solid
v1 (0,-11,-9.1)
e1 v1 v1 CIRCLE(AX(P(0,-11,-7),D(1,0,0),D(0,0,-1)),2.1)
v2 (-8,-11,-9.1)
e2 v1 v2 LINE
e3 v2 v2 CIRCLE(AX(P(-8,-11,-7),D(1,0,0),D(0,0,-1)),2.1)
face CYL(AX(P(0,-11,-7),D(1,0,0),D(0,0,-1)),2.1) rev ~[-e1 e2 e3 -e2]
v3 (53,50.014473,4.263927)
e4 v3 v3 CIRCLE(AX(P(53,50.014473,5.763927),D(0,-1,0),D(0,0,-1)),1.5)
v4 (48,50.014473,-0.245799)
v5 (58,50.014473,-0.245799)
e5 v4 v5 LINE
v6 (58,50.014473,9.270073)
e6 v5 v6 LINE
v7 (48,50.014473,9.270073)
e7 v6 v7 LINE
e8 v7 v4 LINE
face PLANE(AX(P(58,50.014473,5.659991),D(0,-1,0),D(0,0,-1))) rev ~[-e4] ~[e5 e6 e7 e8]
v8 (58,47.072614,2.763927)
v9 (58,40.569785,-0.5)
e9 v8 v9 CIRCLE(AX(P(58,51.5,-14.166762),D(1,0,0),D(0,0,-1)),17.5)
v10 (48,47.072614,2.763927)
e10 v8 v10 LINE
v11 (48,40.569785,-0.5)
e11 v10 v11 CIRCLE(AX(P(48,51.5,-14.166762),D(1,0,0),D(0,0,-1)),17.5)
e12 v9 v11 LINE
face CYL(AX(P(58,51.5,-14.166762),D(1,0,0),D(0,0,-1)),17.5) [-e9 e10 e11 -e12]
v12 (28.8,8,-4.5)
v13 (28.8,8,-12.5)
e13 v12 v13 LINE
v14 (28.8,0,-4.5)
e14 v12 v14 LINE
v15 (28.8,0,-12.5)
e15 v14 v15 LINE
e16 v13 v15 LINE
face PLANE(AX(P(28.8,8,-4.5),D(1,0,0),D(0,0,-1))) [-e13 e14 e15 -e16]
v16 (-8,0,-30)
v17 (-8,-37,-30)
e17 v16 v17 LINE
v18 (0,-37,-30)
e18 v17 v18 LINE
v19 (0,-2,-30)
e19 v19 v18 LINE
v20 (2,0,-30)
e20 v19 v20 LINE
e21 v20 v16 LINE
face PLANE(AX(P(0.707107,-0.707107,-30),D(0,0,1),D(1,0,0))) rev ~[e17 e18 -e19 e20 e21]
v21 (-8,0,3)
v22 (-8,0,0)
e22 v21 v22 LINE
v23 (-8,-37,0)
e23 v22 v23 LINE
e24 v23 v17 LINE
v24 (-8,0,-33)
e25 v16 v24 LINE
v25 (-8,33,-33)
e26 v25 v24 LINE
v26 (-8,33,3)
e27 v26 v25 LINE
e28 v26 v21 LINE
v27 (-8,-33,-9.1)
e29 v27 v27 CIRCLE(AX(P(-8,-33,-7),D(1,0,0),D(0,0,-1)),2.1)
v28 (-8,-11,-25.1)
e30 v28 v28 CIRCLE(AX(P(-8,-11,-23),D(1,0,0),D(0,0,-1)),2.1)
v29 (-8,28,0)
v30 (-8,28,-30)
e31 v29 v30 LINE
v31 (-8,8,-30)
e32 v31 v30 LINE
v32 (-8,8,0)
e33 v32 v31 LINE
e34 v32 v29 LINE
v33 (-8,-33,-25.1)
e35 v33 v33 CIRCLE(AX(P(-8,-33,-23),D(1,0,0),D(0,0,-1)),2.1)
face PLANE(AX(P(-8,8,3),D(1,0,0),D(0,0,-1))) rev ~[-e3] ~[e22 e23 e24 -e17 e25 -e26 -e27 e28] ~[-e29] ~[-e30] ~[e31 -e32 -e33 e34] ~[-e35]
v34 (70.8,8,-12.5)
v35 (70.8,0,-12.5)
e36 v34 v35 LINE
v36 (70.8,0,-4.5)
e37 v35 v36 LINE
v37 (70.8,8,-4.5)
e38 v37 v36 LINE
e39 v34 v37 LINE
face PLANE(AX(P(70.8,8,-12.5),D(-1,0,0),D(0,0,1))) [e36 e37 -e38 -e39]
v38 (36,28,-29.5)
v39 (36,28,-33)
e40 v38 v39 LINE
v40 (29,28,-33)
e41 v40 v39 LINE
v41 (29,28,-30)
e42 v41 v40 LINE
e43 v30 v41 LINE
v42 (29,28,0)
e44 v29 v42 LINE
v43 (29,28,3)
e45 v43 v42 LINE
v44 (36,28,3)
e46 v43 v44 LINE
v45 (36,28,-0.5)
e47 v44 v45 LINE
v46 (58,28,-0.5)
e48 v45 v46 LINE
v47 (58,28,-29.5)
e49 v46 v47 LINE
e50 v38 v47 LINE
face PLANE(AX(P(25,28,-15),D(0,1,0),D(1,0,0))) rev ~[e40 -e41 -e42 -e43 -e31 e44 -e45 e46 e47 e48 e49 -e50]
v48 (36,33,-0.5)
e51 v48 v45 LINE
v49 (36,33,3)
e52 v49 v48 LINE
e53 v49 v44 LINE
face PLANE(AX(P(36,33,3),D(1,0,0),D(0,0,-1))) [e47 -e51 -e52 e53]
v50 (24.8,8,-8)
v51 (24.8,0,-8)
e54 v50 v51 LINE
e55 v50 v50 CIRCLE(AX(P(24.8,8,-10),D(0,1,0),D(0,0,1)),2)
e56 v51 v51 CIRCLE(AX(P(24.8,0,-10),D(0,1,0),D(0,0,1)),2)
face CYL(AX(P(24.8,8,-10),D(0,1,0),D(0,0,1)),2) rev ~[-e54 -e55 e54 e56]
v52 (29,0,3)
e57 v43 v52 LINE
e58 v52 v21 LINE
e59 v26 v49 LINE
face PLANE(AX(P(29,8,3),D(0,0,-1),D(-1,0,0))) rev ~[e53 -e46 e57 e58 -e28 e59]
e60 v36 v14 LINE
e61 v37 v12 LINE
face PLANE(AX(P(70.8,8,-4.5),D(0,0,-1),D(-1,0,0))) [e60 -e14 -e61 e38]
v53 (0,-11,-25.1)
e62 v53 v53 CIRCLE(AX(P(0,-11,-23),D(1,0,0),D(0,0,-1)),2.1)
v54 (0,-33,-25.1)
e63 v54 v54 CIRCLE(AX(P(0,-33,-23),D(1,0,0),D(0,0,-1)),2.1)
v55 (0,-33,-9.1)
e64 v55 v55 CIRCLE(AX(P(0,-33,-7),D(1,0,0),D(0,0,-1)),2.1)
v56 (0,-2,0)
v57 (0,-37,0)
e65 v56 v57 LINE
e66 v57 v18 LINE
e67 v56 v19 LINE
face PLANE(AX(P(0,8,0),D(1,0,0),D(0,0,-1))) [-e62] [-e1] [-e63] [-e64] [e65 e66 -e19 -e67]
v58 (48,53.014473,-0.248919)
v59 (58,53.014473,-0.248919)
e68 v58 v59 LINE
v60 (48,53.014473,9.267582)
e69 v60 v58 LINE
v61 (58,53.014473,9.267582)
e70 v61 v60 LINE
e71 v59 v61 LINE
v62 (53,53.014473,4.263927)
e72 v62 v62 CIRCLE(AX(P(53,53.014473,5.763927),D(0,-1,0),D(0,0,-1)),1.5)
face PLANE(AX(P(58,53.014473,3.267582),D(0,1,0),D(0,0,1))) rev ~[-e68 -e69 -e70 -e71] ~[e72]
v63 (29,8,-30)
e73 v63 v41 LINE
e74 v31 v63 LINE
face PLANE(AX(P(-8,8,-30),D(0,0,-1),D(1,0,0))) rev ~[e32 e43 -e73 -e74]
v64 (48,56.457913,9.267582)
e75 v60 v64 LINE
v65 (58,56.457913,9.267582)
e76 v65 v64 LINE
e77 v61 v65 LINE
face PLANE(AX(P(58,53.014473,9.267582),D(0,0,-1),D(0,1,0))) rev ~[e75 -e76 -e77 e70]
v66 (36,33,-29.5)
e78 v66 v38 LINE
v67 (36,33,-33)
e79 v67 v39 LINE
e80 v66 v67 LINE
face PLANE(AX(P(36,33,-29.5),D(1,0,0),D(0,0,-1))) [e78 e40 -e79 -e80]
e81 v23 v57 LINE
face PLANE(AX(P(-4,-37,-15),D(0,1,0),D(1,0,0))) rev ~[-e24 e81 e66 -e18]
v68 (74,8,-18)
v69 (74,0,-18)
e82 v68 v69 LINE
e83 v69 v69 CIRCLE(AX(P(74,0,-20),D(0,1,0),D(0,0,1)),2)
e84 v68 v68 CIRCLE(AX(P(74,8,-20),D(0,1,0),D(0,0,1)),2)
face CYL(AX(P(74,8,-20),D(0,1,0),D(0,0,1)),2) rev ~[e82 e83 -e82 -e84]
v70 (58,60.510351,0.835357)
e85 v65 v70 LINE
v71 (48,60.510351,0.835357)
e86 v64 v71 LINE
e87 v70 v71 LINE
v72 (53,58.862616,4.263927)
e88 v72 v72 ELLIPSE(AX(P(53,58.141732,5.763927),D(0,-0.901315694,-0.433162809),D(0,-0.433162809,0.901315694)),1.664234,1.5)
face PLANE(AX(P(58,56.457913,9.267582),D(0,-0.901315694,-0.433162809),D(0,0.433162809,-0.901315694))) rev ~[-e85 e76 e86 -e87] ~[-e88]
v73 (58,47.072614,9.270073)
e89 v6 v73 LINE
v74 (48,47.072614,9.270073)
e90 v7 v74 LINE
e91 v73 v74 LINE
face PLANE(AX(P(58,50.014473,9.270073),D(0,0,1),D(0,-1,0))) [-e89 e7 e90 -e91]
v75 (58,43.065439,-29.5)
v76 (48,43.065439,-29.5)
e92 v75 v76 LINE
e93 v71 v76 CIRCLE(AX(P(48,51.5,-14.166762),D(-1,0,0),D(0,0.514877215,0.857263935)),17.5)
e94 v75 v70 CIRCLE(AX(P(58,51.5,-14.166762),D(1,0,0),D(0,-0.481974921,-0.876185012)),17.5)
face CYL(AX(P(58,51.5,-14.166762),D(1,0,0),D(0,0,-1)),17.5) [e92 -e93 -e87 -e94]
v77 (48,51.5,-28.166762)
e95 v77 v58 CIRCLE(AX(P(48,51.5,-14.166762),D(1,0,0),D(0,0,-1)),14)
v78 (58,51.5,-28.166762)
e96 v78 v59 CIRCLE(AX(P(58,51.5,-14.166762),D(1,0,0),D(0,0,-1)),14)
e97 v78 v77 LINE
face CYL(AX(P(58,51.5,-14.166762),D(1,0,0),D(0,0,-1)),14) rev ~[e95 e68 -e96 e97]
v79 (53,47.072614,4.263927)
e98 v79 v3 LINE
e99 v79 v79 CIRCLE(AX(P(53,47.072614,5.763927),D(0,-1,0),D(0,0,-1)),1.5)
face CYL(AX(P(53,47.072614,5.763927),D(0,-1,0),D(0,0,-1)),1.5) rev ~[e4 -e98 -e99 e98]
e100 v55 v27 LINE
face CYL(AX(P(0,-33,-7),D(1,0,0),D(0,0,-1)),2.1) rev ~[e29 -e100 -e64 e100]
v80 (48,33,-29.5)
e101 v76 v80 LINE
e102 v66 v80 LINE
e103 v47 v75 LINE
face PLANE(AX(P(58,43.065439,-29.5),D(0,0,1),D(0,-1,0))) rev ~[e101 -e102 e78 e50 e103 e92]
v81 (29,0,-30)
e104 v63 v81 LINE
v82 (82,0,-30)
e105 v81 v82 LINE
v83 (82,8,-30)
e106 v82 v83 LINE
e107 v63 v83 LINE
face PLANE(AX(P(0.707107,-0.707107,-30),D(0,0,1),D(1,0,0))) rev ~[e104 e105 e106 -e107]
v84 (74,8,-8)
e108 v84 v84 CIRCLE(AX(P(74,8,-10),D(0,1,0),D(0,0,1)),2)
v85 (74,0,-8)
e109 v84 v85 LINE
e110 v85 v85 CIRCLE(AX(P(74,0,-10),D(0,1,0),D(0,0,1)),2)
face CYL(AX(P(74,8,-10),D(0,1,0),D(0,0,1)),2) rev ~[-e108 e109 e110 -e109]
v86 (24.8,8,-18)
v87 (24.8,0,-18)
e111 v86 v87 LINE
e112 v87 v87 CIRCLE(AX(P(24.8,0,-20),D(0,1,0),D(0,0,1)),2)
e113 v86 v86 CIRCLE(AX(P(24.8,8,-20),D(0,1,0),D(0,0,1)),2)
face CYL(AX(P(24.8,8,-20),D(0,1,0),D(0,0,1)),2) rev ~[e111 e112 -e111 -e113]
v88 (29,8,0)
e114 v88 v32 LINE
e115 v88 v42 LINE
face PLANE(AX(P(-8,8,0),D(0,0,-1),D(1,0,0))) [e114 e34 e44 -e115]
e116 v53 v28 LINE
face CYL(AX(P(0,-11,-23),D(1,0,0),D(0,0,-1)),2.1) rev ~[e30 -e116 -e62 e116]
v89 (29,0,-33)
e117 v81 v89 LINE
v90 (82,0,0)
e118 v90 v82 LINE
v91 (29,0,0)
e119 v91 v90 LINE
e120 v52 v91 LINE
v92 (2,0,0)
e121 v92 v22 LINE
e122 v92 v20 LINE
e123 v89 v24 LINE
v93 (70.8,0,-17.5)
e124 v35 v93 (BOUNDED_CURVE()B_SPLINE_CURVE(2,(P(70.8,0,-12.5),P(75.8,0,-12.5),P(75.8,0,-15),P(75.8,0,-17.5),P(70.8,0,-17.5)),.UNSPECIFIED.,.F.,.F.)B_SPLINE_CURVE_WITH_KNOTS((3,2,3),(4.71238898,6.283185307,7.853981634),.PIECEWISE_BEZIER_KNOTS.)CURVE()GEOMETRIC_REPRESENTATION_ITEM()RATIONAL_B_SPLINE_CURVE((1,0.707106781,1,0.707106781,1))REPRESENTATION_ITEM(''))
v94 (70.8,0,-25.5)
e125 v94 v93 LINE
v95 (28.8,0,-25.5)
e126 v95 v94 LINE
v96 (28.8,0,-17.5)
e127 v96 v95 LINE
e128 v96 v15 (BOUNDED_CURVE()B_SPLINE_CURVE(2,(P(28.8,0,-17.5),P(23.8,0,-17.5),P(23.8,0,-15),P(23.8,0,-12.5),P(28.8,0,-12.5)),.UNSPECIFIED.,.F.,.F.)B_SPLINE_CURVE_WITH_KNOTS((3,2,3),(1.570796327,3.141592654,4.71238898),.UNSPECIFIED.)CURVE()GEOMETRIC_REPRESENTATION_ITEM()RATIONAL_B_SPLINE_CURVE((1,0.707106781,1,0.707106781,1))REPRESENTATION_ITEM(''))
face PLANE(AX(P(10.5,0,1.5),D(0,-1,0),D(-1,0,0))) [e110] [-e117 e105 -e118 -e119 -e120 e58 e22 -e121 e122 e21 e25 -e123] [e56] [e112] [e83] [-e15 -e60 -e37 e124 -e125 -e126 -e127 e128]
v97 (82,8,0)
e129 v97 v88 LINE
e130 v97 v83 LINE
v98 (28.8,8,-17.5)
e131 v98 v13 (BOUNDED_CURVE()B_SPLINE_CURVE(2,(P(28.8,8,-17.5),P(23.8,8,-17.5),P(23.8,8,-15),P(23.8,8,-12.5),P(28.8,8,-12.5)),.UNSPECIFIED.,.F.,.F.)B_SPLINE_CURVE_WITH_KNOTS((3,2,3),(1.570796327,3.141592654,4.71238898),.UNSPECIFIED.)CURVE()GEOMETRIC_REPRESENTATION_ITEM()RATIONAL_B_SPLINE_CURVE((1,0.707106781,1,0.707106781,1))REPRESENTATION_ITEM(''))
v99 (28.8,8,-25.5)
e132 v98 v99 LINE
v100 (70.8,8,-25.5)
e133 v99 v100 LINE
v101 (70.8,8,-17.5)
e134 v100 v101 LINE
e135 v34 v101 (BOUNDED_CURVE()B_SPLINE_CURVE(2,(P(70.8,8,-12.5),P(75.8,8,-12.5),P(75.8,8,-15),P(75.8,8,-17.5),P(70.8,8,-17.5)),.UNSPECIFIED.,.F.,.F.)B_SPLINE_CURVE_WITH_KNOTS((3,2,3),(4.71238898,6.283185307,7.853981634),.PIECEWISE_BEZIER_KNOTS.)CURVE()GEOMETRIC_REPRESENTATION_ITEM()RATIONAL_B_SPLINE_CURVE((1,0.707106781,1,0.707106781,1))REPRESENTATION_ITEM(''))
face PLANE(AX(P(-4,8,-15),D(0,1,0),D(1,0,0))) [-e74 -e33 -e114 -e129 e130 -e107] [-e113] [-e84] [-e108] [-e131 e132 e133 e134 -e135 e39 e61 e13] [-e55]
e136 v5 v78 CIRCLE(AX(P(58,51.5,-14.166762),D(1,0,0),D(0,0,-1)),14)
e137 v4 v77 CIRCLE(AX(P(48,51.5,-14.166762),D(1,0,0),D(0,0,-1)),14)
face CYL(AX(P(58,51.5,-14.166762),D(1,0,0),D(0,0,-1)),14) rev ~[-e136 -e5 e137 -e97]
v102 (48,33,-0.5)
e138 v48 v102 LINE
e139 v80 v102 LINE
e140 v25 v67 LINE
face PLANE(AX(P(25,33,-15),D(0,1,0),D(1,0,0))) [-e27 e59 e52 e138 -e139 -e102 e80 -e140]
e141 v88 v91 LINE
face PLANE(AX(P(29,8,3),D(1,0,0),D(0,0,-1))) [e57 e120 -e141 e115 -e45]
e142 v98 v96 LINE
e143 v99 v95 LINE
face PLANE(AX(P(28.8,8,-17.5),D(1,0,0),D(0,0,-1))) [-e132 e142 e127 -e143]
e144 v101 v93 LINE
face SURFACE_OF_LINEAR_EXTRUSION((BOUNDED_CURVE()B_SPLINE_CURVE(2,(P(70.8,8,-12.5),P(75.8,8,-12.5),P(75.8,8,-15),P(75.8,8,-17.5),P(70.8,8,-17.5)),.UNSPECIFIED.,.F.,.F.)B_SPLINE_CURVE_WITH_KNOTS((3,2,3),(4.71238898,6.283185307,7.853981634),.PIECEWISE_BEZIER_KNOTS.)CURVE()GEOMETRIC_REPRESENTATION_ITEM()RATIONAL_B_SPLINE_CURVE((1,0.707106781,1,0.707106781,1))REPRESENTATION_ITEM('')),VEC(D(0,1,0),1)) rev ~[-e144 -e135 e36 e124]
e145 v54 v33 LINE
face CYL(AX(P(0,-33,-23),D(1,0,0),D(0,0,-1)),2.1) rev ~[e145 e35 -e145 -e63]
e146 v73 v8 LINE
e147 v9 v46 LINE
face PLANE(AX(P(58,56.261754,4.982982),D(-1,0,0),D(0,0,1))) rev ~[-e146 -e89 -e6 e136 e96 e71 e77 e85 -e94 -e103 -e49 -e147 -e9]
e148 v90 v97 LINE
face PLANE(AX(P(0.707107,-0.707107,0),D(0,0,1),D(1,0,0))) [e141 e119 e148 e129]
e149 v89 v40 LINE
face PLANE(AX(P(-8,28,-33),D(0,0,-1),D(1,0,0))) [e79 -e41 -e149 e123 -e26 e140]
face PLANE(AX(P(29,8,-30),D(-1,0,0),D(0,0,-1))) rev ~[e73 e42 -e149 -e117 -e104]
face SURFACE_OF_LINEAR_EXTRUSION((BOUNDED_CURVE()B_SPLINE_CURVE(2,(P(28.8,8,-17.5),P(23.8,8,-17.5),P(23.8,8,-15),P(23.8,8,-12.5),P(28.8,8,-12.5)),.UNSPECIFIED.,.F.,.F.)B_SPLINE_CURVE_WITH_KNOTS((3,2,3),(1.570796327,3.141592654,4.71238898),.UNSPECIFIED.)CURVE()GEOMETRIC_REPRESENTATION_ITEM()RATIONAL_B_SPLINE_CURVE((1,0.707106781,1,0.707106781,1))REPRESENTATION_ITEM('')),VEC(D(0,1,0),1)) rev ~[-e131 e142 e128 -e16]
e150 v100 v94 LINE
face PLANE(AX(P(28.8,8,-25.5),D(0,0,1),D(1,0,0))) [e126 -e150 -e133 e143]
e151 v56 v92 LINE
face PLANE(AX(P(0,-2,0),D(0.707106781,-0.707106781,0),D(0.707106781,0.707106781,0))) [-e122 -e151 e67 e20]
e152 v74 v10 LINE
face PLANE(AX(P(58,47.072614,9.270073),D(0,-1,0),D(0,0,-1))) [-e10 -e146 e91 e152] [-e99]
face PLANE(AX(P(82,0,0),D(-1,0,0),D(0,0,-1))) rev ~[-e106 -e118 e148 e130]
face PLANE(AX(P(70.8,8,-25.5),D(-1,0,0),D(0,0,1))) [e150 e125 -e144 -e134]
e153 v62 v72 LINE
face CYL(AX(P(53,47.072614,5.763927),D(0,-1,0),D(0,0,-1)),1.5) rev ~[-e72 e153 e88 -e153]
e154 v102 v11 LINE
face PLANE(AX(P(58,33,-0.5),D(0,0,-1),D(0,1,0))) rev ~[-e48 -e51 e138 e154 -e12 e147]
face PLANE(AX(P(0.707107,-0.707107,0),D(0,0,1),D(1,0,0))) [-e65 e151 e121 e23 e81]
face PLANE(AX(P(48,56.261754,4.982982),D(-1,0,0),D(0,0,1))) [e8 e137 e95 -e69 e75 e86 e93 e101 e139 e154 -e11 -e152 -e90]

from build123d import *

# Parameters (mm, degrees)
SKETCH_1_W          = 82
SKETCH_1_H          = 30
EXTRUDE_1_DEPTH     = 8
SKETCH_2_R          = 2
CUT_EXTRUDE_1_DEPTH = 8
SKETCH_4_W          = 8
SKETCH_4_H          = 30
EXTRUDE_2_DEPTH     = 45
EXTRUDE_5_DEPTH     = 30
SKETCH_15_R         = 2.1
CUT_EXTRUDE_2_DEPTH = 10
SKETCH_17_W         = 37
SKETCH_17_H         = 3
EXTRUDE_6_DEPTH     = 20
EXTRUDE_6_2_DEPTH   = 20
SKETCH_18_W         = 66
SKETCH_18_H         = 36
EXTRUDE_7_DEPTH     = 5
SKETCH_19_W         = 37
SKETCH_19_H         = 3
EXTRUDE_8_DEPTH     = 8
SKETCH_20_W         = 22
SKETCH_20_H         = 3.5
CUT_EXTRUDE_3_DEPTH = 5
SKETCH_21_R         = 17.5
SKETCH_21_R_2       = 14
EXTRUDE_9_DEPTH     = 10
SKETCH_22_W         = 7.811366884
SKETCH_22_H         = 3
CUT_EXTRUDE_4_DEPTH = 10
EXTRUDE_10_DEPTH    = 10
SKETCH_24_R         = 1.5
CUT_EXTRUDE_5_DEPTH = 13


with BuildPart() as part:
    # 草圖1 → 填料-伸長1 (new body)
    with BuildSketch(Plane(origin=(0, 0, 0), x_dir=(1, 0, 0), z_dir=(0, 1, 0))):
        with Locations((41, 15)):
            Rectangle(SKETCH_1_W, SKETCH_1_H)
    extrude(amount=EXTRUDE_1_DEPTH)

    # 草圖2 → 除料-伸長1 (cut)
    with BuildSketch(Plane(origin=(0, 8, 0), x_dir=(1, 0, 0), z_dir=(0, 1, 0))):
        with Locations(Location((74, 20, 0), (0, 0, 270))):
            Circle(SKETCH_2_R)
        with Locations(Location((74, 10, 0), (0, 0, 270))):
            Circle(SKETCH_2_R)
        with Locations(Location((24.8, 20, 0), (0, 0, 270))):
            Circle(SKETCH_2_R)
        with Locations(Location((24.8, 10, 0), (0, 0, 270))):
            Circle(SKETCH_2_R)
        with BuildLine():
            Line((28.8, 25.5), (70.8, 25.5))
            Line((70.8, 25.5), (70.8, 17.5))
            add(Edge.make_bspline(
                [(70.8, 12.5), (75.8, 12.5), (75.8, 15), (75.8, 17.5), (70.8, 17.5)],
                knots=[4.71238898, 4.71238898, 4.71238898, 6.283185307, 6.283185307, 7.853981634, 7.853981634, 7.853981634], degree=2, weights=[1, 0.707106781, 1, 0.707106781, 1]))
            Line((70.8, 12.5), (70.8, 4.5))
            Line((70.8, 4.5), (28.8, 4.5))
            Line((28.8, 4.5), (28.8, 12.5))
            add(Edge.make_bspline(
                [(28.8, 17.5), (23.8, 17.5), (23.8, 15), (23.8, 12.5), (28.8, 12.5)],
                knots=[1.570796327, 1.570796327, 1.570796327, 3.141592654, 3.141592654, 4.71238898, 4.71238898, 4.71238898], degree=2, weights=[1, 0.707106781, 1, 0.707106781, 1]))
            Line((28.8, 17.5), (28.8, 25.5))
        make_face()
    extrude(amount=-CUT_EXTRUDE_1_DEPTH, mode=Mode.SUBTRACT)

    # 草圖4 → 填料-伸長2 (add)
    with BuildSketch(Plane(origin=(0, 8, 0), x_dir=(1, 0, 0), z_dir=(0, 1, 0))):
        with Locations((-4, 15)):
            Rectangle(SKETCH_4_W, SKETCH_4_H)
    extrude(amount=-EXTRUDE_2_DEPTH)

    # 草圖14 → 填料-伸長5 (add)
    with BuildSketch(Plane.XY):
        Polygon((0, 0), (0, -2), (2, 0), align=None)
    extrude(amount=-EXTRUDE_5_DEPTH)

    # 草圖15 → 除料-伸長2 (cut)
    with BuildSketch(Plane(origin=(0, 0, 0), x_dir=(0, 0, -1), z_dir=(1, 0, 0))):
        with Locations((7, -33)):
            Circle(SKETCH_15_R)
        with Locations((7, -11)):
            Circle(SKETCH_15_R)
        with Locations((23, -11)):
            Circle(SKETCH_15_R)
        with Locations((23, -33)):
            Circle(SKETCH_15_R)
    extrude(amount=-CUT_EXTRUDE_2_DEPTH, mode=Mode.SUBTRACT)



with BuildPart() as body_2:
    # 草圖17 → 填料-伸長6 (new body)
    with BuildSketch(Plane(origin=(0, 8, 0), x_dir=(1, 0, 0), z_dir=(0, 1, 0))):
        with Locations((10.5, -1.5)):
            Rectangle(SKETCH_17_W, SKETCH_17_H)
    extrude(amount=EXTRUDE_6_DEPTH)



with BuildPart() as body_3:
    # 草圖17 → Extrude 6 2 (new body)
    with BuildSketch(Plane(origin=(0, 8, 0), x_dir=(1, 0, 0), z_dir=(0, 1, 0))):
        with Locations((10.5, 31.5)):
            Rectangle(SKETCH_17_W, SKETCH_17_H)
    extrude(amount=EXTRUDE_6_2_DEPTH)


with BuildPart() as body_2_1:
    add(body_2.part)

    add(body_3.part)  # 填料-伸長7 merges body 3
    # 草圖18 → 填料-伸長7 (add)
    with BuildSketch(Plane(origin=(0, 28, 0), x_dir=(1, 0, 0), z_dir=(0, 1, 0))):
        with Locations((25, 15)):
            Rectangle(SKETCH_18_W, SKETCH_18_H)
    extrude(amount=EXTRUDE_7_DEPTH)


with BuildPart() as part_1:
    add(part.part)

    add(body_2_1.part)  # 填料-伸長8 merges body 2
    # 草圖19 → 填料-伸長8 (add)
    with BuildSketch(Plane(origin=(0, 8, 0), x_dir=(-1, 0, 0), z_dir=(0, -1, 0))):
        with Locations((-10.5, -1.5)):
            Rectangle(SKETCH_19_W, SKETCH_19_H)
        with Locations((-10.5, 31.5)):
            Rectangle(SKETCH_19_W, SKETCH_19_H)
    extrude(amount=EXTRUDE_8_DEPTH)

    # 草圖20 → 除料-伸長3 (cut)
    with BuildSketch(Plane(origin=(0, 33, 0), x_dir=(1, 0, 0), z_dir=(0, 1, 0))):
        with Locations((47, 31.25)):
            Rectangle(SKETCH_20_W, SKETCH_20_H)
        with Locations((47, -1.25)):
            Rectangle(SKETCH_20_W, SKETCH_20_H)
    extrude(amount=-CUT_EXTRUDE_3_DEPTH, mode=Mode.SUBTRACT)



with BuildPart() as body_2_2:
    # 草圖21 → 填料-伸長9 (new body)
    with BuildSketch(Plane(origin=(58, 0, 0), x_dir=(0, 0, -1), z_dir=(1, 0, 0))):
        with Locations((14.166762284, 51.5)):
            Circle(SKETCH_21_R)
        with Locations((14.166762284, 51.5)):
            Circle(SKETCH_21_R_2, mode=Mode.SUBTRACT)
    extrude(amount=-EXTRUDE_9_DEPTH)

    # 草圖22 → 除料-伸長4 (cut)
    with BuildSketch(Plane(origin=(58, 0, 0), x_dir=(0, 0, -1), z_dir=(1, 0, 0))):
        with Locations((-1.754307307, 51.514473438)):
            Rectangle(SKETCH_22_W, SKETCH_22_H)
    extrude(amount=-CUT_EXTRUDE_4_DEPTH, mode=Mode.SUBTRACT)


with BuildPart() as part_2:
    add(part_1.part)

    add(body_2_2.part)  # 填料-伸長10 merges body 2 2
    # 草圖23 → 填料-伸長10 (add)
    with BuildSketch(Plane(origin=(58, 0, 0), x_dir=(0, 0, -1), z_dir=(1, 0, 0))):
        Polygon((-3.267582275, 53.014473438), (-9.267582275, 53.014473438), (-9.267582275, 56.457912588), (-0.835356574, 60.510351257), align=None)
        Polygon((-3.270072602, 50.014473438), (-9.270072602, 50.014473438), (-9.270072602, 47.072613572), (-2.763927289, 47.072613572), align=None)
        Polygon((0.5, 33), (0.5, 40.569784601), (14.166762284, 34), (25.377489966, 38.062381727), (29.5, 43.065438888), (29.5, 33), align=None)
    extrude(amount=-EXTRUDE_10_DEPTH)

    # 草圖24 → 除料-伸長5 (cut)
    with BuildSketch(Plane(origin=(0, 47.072613572, 0), x_dir=(-1, 0, 0), z_dir=(0, -1, 0))):
        with Locations(Location((-53, -5.763927289, 0), (0, 0, 90))):
            Circle(SKETCH_24_R)
    extrude(amount=-CUT_EXTRUDE_5_DEPTH, mode=Mode.SUBTRACT)


solid = part_2.part
